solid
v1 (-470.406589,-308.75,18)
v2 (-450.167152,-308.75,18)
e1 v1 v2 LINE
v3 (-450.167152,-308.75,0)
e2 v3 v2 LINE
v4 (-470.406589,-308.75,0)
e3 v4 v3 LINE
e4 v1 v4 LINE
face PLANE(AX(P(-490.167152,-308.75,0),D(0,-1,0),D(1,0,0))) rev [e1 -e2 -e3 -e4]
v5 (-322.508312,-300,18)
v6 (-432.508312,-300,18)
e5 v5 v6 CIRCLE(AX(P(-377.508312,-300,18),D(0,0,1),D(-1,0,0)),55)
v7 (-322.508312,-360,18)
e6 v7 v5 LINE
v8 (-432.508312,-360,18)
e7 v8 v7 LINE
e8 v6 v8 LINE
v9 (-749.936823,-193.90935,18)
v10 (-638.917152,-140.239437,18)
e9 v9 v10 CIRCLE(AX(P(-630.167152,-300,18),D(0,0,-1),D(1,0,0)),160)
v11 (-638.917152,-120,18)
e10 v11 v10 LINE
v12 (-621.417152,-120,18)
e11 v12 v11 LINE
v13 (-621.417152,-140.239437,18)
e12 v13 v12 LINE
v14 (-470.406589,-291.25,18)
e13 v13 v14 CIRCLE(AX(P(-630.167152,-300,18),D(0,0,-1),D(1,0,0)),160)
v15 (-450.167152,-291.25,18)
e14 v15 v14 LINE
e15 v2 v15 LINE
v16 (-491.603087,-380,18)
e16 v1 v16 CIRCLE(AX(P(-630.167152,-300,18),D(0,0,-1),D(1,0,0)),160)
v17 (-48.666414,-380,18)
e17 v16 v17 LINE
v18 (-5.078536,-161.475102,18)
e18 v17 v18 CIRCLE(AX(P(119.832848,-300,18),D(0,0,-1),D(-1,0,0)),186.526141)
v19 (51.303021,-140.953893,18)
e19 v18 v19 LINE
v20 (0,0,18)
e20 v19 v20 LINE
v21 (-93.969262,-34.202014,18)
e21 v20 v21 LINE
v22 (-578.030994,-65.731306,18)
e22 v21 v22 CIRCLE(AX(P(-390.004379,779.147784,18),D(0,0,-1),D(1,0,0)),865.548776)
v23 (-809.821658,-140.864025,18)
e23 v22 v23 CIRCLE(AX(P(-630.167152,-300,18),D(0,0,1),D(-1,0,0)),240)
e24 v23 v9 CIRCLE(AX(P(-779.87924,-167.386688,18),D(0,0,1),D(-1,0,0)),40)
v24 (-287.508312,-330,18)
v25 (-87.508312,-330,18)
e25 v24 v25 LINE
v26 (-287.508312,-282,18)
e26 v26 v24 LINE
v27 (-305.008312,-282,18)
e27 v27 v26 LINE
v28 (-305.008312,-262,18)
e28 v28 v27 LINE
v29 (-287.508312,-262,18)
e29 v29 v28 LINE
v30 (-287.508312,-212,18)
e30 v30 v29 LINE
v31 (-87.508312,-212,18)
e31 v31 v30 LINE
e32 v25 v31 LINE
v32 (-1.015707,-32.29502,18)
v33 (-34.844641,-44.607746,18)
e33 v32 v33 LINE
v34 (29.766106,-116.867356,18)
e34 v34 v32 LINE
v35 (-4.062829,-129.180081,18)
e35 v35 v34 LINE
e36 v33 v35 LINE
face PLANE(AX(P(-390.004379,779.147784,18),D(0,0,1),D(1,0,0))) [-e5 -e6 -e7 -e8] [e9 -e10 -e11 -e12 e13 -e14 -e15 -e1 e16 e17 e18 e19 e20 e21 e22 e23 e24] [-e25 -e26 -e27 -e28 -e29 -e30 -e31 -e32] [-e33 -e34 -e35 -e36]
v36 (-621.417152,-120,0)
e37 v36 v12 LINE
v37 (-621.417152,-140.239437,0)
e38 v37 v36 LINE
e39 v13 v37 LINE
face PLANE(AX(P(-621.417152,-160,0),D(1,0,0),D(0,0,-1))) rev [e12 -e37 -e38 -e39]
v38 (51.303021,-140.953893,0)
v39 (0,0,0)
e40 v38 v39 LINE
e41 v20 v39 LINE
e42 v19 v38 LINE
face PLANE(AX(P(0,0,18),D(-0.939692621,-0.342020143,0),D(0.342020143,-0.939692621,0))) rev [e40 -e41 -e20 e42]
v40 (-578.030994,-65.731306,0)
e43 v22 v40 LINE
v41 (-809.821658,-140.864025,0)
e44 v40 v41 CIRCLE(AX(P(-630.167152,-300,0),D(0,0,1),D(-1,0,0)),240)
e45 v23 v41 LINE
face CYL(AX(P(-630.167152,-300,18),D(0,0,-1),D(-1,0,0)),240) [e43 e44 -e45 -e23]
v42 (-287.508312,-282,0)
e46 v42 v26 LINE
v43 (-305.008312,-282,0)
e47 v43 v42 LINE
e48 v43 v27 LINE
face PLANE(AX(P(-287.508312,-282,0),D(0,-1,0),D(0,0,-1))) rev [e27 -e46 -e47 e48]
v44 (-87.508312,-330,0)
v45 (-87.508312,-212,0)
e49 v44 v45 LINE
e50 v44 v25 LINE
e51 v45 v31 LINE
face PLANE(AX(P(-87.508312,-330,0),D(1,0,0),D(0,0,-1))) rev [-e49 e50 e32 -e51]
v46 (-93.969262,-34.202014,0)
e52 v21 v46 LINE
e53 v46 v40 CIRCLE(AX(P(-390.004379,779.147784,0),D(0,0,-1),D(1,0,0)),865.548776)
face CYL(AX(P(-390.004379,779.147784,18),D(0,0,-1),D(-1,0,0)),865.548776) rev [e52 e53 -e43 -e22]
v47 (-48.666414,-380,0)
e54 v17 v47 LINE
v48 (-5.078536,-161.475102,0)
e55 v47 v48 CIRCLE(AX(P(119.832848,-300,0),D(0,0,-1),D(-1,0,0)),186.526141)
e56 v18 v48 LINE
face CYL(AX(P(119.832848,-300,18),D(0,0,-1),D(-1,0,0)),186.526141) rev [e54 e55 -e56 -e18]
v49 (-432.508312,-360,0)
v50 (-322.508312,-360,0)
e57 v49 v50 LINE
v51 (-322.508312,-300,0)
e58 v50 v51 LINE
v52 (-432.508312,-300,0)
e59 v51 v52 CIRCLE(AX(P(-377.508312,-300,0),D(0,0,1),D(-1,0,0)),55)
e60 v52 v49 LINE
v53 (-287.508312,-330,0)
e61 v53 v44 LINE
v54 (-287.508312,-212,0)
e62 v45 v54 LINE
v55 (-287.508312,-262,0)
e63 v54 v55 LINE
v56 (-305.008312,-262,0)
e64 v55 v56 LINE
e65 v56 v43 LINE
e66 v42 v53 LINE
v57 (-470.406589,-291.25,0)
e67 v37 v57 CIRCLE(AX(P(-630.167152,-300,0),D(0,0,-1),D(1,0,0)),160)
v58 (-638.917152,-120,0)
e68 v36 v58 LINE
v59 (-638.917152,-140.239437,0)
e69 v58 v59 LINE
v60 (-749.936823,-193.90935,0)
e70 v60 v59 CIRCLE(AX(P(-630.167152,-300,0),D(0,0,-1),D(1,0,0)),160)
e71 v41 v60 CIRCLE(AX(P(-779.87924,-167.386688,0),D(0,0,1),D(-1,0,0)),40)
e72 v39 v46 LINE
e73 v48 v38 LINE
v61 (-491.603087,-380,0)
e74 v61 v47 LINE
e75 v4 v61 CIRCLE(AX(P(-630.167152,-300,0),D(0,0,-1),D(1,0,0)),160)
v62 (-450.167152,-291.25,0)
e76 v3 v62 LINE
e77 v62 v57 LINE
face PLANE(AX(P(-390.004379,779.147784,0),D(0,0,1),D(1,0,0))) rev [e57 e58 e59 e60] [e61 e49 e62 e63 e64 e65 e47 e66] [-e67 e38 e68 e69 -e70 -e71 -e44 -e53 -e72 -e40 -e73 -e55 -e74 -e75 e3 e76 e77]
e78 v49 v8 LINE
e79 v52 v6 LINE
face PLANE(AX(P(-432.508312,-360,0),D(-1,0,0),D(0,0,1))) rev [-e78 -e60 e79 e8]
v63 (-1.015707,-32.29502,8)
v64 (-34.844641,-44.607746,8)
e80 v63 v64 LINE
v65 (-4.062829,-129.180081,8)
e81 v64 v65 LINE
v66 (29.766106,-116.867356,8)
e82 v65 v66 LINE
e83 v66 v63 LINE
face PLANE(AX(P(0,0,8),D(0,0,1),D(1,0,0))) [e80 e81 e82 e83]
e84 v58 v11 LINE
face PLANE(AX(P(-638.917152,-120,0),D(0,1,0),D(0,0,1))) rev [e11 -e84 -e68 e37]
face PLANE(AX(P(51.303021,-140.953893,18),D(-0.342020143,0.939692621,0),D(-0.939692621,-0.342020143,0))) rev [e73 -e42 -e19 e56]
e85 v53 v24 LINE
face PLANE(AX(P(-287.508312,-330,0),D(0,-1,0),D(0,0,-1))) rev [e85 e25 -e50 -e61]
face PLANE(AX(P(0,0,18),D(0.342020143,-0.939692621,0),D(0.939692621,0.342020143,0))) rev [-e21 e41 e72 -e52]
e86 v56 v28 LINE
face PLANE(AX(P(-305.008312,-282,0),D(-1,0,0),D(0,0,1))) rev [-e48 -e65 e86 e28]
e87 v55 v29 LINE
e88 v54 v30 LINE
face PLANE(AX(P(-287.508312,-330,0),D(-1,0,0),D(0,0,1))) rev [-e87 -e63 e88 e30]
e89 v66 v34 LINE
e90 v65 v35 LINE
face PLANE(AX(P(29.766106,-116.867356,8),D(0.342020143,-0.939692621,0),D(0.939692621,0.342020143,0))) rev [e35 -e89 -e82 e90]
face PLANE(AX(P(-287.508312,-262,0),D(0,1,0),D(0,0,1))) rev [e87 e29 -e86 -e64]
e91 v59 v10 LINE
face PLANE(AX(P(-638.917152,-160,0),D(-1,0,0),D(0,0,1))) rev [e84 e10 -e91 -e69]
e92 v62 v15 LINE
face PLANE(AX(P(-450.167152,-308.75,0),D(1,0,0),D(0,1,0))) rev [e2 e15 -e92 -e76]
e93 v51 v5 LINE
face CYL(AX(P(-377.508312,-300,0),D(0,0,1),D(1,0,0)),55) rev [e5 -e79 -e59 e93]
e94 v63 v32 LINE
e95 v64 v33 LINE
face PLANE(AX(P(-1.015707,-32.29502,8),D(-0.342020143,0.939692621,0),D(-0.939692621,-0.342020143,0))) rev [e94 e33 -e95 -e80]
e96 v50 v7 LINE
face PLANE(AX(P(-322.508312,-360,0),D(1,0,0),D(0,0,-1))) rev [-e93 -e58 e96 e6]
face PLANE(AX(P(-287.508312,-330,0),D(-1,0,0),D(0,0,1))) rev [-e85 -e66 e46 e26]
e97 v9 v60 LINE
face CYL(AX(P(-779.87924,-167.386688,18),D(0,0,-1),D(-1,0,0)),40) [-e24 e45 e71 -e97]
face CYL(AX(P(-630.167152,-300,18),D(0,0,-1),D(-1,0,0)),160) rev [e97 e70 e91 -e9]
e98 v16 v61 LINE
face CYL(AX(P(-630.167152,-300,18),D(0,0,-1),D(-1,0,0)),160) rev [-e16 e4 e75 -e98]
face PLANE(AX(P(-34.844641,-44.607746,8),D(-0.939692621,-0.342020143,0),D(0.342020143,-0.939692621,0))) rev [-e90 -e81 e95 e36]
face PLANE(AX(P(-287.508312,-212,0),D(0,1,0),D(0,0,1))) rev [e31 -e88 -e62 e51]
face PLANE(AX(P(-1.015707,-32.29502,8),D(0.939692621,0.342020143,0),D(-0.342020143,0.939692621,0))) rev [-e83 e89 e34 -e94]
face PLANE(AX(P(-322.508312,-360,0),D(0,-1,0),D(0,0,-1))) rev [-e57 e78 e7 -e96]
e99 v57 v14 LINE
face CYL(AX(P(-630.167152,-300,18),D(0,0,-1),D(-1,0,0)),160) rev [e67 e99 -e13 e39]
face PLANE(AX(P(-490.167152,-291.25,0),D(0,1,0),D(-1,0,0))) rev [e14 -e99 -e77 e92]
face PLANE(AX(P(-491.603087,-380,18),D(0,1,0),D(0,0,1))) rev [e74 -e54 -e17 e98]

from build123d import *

# Parameters (mm, degrees)
BOSS_EXTRUDE1_DEPTH = 18
SKETCH2_W           = 200
SKETCH2_H           = 118
CUT_EXTRUDE1_DEPTH  = 19
CUT_EXTRUDE2_DEPTH  = 10
SKETCH4_W           = 17.5
SKETCH4_H           = 40
SKETCH4_W_2         = 40
SKETCH4_H_2         = 17.5
SKETCH4_H_3         = 20
CUT_EXTRUDE3_DEPTH  = 19


with BuildPart() as part:
    # Sketch1 → Boss-Extrude1 (new body)
    with BuildSketch(Plane.XY):
        with BuildLine():
            Line((0, 0), (51.303021499, -140.953893118))
            Line((51.303021499, -140.953893118), (-5.078535748, -161.475101717))
            ThreePointArc((-5.078535748, -161.475101717), (-63.089907624, -263.513472234), (-48.666413819, -380))
            Line((-48.666413819, -380), (-491.60308739, -380))
            ThreePointArc((-491.60308739, -380), (-536.64849181, -170.176041514), (-749.936822659, -193.909350133))
            ThreePointArc((-749.936822659, -193.909350133), (-806.401902791, -197.329105332), (-809.82165799, -140.864025199))
            ThreePointArc((-809.82165799, -140.864025199), (-704.170284695, -71.694204299), (-578.030994047, -65.731305902))
            ThreePointArc((-578.030994047, -65.731305902), (-333.746195792, -84.570747443), (-93.969262079, -34.202014333))
            Line((-93.969262079, -34.202014333), (0, 0))
        make_face()
    extrude(amount=BOSS_EXTRUDE1_DEPTH)

    # Sketch2 → Cut-Extrude1 (cut, through all)
    with BuildSketch(Plane.XY.offset(18)):
        with Locations((-187.508312236, -271)):
            Rectangle(SKETCH2_W, SKETCH2_H)
        with BuildLine():
            Line((-322.508312236, -360), (-432.508312236, -360))
            Line((-432.508312236, -360), (-432.508312236, -300))
            ThreePointArc((-432.508312236, -300), (-377.508312236, -245), (-322.508312236, -300))
            Line((-322.508312236, -300), (-322.508312236, -360))
        make_face()
    extrude(amount=-CUT_EXTRUDE1_DEPTH, mode=Mode.SUBTRACT)

    # Sketch3 → Cut-Extrude2 (cut)
    with BuildSketch(Plane.XY.offset(18)):
        Polygon((-1.01570715, -32.295020343), (29.76610575, -116.867356214), (-4.062828599, -129.180081374), (-34.844641498, -44.607745503), align=None)
    extrude(amount=-CUT_EXTRUDE2_DEPTH, mode=Mode.SUBTRACT)

    # Sketch4 → Cut-Extrude3 (cut, through all)
    with BuildSketch(Plane.XY.offset(18)):
        with Locations((-630.167151995, -140)):
            Rectangle(SKETCH4_W, SKETCH4_H)
        with Locations((-470.167151995, -300)):
            Rectangle(SKETCH4_W_2, SKETCH4_H_2)
        with Locations((-296.258312236, -272)):
            Rectangle(SKETCH4_W, SKETCH4_H_3)
    extrude(amount=-CUT_EXTRUDE3_DEPTH, mode=Mode.SUBTRACT)


solid = part.part
